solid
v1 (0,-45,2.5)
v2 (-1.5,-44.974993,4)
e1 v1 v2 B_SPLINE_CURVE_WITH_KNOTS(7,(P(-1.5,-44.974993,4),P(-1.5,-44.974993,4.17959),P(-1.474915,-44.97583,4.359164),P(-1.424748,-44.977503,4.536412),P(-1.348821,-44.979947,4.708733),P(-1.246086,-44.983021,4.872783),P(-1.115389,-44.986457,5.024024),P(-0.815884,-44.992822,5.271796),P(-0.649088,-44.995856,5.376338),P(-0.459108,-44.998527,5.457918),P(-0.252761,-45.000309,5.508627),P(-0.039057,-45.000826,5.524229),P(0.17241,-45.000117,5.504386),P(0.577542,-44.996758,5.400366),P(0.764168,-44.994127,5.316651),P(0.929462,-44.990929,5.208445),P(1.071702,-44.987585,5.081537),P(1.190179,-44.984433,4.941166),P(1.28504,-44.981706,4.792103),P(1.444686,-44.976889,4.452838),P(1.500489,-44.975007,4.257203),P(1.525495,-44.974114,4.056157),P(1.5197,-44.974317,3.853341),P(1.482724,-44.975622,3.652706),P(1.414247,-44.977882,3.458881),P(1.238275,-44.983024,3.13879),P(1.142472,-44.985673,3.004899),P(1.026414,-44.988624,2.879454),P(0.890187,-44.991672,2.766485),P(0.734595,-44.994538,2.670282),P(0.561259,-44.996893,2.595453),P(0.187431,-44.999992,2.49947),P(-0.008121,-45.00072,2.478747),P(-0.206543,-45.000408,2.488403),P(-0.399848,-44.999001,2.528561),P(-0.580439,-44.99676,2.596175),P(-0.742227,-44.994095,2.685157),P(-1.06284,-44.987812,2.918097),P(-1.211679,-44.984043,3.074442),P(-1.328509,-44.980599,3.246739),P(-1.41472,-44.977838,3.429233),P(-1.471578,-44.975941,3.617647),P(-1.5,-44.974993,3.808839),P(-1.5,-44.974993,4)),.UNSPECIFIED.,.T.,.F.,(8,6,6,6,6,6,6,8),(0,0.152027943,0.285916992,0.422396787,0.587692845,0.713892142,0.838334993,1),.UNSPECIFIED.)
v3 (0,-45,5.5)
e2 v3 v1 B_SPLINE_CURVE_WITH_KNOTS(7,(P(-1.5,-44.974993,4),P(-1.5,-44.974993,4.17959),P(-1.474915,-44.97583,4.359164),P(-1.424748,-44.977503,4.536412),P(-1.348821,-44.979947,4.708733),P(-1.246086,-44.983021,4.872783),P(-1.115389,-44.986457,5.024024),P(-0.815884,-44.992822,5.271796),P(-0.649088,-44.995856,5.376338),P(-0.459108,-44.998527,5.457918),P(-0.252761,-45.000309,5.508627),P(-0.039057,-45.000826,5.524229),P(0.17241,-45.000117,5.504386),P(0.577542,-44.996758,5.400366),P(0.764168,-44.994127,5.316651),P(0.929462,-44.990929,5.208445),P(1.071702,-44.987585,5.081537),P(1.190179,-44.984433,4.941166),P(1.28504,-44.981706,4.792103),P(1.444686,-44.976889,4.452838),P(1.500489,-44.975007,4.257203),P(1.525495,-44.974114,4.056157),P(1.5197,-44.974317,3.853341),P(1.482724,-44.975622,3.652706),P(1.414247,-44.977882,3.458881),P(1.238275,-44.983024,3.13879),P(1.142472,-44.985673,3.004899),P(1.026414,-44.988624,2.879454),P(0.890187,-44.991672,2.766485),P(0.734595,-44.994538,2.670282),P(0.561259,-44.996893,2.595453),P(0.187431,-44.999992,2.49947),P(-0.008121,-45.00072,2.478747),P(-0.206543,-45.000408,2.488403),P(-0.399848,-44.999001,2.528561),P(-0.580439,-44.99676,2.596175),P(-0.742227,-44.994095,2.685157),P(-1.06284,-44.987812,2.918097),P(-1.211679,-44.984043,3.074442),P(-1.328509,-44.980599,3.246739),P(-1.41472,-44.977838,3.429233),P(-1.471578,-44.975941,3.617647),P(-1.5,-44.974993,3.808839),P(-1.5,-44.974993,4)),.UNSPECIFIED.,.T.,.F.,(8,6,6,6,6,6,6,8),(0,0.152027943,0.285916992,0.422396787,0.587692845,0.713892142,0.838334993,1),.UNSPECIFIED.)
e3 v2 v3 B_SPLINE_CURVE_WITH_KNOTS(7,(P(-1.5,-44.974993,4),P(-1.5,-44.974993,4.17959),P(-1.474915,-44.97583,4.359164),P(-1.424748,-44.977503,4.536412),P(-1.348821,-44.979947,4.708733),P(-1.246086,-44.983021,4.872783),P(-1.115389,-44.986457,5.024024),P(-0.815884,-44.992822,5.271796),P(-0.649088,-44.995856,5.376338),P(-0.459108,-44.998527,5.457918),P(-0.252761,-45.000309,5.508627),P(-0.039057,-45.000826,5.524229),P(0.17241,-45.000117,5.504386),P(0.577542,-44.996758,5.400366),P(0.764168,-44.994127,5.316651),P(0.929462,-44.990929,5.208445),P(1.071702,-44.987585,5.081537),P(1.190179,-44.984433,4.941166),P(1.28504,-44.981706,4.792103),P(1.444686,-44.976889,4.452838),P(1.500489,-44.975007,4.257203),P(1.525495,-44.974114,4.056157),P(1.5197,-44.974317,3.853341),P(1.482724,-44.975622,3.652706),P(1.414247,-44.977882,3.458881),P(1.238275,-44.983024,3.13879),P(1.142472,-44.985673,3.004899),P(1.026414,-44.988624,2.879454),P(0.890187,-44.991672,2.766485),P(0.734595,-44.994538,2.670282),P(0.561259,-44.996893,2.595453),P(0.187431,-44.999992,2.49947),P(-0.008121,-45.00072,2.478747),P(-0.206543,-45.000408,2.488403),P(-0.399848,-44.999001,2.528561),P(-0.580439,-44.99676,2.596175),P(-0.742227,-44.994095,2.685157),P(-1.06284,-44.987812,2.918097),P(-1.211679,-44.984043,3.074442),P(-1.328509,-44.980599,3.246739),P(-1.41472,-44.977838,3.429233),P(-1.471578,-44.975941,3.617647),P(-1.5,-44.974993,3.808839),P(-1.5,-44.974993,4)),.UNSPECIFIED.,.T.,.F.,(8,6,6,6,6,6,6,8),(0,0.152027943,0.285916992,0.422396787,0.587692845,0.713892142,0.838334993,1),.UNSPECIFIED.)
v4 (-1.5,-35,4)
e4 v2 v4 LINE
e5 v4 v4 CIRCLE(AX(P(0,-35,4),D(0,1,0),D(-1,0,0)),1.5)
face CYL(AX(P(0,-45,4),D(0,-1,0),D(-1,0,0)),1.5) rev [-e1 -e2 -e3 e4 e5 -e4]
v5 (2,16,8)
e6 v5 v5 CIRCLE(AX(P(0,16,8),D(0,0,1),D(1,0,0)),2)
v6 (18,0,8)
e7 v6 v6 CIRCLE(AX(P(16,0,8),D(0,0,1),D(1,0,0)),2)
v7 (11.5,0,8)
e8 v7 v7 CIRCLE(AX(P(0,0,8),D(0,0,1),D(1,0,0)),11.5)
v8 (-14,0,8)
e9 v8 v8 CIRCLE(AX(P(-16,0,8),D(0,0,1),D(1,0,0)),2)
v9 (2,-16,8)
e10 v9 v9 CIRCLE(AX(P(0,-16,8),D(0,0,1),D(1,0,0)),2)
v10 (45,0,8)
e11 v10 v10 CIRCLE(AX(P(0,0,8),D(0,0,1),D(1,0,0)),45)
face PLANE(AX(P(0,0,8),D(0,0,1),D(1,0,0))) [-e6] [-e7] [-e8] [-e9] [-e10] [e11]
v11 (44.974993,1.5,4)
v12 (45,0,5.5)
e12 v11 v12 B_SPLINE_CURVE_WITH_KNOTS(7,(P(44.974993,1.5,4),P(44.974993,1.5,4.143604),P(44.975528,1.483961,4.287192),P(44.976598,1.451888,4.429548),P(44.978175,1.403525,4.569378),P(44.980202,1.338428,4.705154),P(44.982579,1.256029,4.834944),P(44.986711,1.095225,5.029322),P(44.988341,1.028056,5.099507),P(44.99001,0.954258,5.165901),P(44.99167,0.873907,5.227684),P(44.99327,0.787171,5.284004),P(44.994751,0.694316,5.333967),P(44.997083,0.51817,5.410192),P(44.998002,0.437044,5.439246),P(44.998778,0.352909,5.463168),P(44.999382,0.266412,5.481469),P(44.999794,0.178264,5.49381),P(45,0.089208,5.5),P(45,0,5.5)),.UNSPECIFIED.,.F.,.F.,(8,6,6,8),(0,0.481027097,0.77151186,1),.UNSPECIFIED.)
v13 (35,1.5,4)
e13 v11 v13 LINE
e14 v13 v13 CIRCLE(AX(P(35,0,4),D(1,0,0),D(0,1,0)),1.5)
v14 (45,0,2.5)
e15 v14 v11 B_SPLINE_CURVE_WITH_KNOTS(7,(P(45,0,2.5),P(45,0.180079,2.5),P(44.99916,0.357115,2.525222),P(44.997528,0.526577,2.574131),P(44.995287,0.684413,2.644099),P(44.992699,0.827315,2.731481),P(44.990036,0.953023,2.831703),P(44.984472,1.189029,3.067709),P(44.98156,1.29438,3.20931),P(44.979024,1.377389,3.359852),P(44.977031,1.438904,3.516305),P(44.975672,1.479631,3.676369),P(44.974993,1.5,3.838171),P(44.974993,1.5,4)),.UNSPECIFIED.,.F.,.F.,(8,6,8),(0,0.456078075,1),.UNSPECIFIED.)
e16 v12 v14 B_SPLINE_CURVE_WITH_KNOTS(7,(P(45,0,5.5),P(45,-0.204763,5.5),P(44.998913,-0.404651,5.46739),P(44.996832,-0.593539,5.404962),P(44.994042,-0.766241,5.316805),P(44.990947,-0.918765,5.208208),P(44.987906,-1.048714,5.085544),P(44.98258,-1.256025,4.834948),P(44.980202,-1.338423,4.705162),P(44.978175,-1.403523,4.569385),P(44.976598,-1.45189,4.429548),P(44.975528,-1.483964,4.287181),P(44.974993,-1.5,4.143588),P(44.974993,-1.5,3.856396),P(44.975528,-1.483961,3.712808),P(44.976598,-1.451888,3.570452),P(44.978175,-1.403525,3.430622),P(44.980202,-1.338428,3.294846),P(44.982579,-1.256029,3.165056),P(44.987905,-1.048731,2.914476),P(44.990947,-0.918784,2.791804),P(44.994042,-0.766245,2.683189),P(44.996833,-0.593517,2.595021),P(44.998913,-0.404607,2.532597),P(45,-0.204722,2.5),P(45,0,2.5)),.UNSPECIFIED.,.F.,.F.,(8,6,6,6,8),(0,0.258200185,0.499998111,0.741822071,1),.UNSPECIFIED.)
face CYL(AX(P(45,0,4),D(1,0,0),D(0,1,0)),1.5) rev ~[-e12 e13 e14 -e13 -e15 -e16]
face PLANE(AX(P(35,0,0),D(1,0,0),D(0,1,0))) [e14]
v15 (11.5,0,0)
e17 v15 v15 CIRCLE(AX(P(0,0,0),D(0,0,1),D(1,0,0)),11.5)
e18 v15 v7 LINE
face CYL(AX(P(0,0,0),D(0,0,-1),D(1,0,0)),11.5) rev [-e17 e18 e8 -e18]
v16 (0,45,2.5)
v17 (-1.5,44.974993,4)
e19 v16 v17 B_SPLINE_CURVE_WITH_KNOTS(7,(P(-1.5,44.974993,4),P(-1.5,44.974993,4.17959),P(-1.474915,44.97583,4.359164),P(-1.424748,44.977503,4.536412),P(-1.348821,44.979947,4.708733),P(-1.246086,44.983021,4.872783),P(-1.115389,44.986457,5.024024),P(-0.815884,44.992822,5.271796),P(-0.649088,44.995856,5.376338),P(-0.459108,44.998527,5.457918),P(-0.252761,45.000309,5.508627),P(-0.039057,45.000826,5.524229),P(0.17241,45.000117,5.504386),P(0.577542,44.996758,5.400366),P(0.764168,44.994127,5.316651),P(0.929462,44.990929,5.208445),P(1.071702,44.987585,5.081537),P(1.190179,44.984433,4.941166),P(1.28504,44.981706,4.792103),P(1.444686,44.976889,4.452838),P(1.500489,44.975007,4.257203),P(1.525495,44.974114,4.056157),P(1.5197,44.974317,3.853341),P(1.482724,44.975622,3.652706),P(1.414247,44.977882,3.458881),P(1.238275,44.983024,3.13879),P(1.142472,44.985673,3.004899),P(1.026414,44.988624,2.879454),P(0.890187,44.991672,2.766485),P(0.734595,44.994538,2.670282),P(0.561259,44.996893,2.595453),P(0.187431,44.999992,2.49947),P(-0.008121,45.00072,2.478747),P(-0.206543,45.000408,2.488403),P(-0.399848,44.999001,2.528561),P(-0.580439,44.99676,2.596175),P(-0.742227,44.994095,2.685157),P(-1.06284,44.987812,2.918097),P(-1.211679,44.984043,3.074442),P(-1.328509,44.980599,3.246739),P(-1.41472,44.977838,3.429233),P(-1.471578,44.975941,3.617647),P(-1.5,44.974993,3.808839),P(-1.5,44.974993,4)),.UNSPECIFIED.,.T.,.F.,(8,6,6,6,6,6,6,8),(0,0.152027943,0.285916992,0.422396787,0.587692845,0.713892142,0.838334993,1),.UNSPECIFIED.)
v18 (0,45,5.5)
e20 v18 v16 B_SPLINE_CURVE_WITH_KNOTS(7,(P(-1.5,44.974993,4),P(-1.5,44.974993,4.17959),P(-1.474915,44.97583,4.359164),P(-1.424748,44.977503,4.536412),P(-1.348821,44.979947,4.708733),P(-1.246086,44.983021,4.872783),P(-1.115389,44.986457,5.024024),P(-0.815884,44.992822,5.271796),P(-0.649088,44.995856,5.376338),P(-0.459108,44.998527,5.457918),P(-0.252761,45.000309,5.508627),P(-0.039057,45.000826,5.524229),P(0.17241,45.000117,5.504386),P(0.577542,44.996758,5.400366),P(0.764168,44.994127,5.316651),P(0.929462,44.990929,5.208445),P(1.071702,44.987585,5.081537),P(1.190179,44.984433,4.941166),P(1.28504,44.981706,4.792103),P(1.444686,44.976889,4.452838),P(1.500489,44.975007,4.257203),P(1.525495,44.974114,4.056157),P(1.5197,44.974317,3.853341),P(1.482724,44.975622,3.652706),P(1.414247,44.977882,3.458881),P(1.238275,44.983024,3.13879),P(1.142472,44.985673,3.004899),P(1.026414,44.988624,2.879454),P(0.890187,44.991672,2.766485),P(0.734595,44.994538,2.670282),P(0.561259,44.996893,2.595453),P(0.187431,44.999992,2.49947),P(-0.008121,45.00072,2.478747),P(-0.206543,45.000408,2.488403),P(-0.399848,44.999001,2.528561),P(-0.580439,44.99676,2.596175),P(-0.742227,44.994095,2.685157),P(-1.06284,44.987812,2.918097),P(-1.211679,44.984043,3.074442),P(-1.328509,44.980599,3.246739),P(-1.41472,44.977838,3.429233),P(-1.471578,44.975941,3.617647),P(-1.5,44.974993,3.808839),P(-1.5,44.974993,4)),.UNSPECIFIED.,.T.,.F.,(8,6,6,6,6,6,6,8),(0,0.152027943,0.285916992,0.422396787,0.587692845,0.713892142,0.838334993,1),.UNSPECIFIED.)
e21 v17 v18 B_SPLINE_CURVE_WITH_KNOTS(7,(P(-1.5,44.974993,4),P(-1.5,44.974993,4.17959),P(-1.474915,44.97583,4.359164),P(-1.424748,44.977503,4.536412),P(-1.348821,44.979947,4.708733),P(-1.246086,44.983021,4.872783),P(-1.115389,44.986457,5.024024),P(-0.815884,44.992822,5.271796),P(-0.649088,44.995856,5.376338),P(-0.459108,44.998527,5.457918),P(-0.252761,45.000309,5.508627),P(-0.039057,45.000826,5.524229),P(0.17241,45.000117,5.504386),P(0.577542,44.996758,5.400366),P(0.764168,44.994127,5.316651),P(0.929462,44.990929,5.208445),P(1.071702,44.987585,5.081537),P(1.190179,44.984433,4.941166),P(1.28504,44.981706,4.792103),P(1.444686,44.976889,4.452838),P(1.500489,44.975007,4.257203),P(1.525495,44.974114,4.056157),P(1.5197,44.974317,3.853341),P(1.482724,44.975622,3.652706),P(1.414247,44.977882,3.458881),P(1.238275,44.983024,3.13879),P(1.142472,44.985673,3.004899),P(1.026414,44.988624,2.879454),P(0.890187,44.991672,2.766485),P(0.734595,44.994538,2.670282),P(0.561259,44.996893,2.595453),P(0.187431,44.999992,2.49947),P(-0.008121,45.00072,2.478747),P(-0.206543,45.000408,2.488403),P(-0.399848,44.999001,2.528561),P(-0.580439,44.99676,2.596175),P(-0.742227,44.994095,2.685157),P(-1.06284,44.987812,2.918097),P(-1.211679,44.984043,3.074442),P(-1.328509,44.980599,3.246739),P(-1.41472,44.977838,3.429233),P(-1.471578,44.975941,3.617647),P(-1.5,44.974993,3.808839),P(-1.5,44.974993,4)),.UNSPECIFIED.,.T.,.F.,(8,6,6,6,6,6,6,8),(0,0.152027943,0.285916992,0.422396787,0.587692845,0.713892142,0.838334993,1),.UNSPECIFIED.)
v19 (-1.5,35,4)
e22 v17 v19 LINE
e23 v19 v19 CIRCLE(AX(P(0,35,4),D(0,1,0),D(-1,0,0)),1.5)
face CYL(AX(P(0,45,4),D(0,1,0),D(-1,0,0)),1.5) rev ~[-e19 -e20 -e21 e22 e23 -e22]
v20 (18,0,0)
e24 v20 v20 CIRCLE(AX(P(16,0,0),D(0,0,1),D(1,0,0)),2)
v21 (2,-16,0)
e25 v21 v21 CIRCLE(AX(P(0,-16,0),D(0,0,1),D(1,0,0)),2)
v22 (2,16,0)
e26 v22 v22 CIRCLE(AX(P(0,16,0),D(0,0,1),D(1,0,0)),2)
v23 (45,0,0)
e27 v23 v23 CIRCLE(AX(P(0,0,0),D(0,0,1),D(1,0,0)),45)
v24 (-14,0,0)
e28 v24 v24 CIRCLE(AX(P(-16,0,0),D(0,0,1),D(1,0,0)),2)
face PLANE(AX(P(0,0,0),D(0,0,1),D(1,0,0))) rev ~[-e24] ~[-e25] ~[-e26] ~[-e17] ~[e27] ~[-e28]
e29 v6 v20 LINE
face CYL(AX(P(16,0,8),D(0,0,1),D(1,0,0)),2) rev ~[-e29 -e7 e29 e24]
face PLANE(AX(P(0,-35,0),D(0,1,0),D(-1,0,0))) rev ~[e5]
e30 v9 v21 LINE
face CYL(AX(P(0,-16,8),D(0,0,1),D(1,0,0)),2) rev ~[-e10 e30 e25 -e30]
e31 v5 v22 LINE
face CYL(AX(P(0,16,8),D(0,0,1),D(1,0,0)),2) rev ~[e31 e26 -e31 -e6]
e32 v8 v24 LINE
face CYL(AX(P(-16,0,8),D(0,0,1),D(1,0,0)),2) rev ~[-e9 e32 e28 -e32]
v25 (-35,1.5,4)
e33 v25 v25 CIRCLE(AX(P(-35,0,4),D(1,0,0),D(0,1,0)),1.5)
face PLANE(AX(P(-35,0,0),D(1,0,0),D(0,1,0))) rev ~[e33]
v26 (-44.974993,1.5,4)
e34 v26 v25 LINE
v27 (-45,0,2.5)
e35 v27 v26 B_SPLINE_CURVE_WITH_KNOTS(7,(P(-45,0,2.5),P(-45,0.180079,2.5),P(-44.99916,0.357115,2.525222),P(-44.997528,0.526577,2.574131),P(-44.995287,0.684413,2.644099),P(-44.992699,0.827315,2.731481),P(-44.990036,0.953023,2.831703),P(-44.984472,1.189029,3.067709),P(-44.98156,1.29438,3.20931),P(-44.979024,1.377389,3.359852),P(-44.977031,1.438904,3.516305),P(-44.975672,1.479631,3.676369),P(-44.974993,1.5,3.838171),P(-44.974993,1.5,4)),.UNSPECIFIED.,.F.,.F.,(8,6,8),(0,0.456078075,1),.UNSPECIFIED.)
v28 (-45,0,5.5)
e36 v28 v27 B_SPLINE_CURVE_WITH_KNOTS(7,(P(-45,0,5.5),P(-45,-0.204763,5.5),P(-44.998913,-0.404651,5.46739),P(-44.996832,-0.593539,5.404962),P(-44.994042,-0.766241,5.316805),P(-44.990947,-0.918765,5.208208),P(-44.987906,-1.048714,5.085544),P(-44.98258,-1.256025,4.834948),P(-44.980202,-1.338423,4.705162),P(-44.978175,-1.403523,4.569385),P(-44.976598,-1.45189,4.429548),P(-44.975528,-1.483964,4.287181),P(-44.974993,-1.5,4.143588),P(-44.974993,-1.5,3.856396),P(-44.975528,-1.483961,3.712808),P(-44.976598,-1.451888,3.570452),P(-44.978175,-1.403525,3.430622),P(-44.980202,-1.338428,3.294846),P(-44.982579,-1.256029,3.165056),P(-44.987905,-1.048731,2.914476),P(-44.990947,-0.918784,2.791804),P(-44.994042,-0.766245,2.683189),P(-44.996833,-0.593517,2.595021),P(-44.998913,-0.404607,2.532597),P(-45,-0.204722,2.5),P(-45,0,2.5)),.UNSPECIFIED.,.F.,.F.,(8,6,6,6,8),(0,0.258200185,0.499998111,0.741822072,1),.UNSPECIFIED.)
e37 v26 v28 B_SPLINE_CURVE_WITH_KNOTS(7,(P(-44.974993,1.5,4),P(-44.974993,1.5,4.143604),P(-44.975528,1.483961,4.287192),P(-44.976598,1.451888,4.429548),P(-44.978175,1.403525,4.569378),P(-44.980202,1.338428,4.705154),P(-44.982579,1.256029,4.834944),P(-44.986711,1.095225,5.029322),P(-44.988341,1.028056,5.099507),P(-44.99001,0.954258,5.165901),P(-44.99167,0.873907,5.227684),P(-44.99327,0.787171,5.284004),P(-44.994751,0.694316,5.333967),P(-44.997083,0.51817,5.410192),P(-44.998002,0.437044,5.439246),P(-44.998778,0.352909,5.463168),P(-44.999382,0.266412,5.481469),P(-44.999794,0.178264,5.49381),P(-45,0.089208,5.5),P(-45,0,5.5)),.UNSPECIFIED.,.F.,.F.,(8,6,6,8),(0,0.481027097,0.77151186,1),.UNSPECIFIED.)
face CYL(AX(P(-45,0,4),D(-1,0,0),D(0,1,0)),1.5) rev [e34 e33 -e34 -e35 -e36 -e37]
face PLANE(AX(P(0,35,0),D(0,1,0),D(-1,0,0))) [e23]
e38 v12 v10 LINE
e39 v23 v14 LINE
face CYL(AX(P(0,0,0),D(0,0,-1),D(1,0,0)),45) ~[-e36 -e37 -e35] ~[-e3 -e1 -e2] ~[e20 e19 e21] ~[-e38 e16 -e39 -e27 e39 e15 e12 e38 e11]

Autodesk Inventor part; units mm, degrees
sketch "スケッチ1" plane through (0, 0, 0) normal (0, 0, 1) x (1, 0, 0)
  circle A0 centre (0, 0) radius 45
  circle A1 centre (0, 0) radius 11.5
  dimension "d0" = 90
  dimension "d1" = 23
extrude "押し出し1" add sketch "スケッチ1" along normal blind 8
sketch "スケッチ2" plane through (0, 0, 8) normal (0, 0, 1) x (1, 0, 0)
  line L0 (0, 0) -> (0, 16) construction
  circle A0 centre (0, 16) radius 2
  circle A1 centre (-16, 0) radius 2
  circle A2 centre (0, -16) radius 2
  circle A3 centre (16, 0) radius 2
  dimension "d4" = 16
  dimension "d5" = 4
  dimension "d8" = 360
extrude "押し出し2" cut sketch "スケッチ2" against normal blind 8
ref_plane "作業平面1" through (45, 0, 0) normal (1, 0, 0) x (0, 1, 0)
sketch "スケッチ3" plane through (45, 0, 0) normal (1, 0, 0) x (0, 1, 0)
  line L0 (0, 0) -> (0, 4) construction
  circle A0 centre (0, 4) radius 1.5
  dimension "d13" = 4
  dimension "d14" = 3
extrude "押し出し3" cut sketch "スケッチ3" against normal blind 10
ref_plane "作業平面2" through (-45, 0, 0) normal (1, 0, 0) x (0, 1, 0)
sketch "スケッチ4" plane through (-45, 0, 0) normal (1, 0, 0) x (0, 1, 0)
  line L0 (0, 0) -> (0, 4) construction
  circle A0 centre (0, 4) radius 1.5
  dimension "d20" = 4
  dimension "d21" = 3
extrude "押し出し4" cut sketch "スケッチ4" along normal blind 10
ref_plane "作業平面3" through (0, 45, 0) normal (0, 1, 0) x (-1, 0, 0)
sketch "スケッチ5" plane through (0, 45, 0) normal (0, 1, 0) x (-1, 0, 0)
  line L0 (0, 0) -> (0, 4) construction
  circle A0 centre (0, 4) radius 1.5
  dimension "d25" = 4
  dimension "d26" = 3
extrude "押し出し5" cut sketch "スケッチ5" against normal blind 10
ref_plane "作業平面4" through (0, -45, 0) normal (0, 1, 0) x (-1, 0, 0)
sketch "スケッチ6" plane through (0, -45, 0) normal (0, 1, 0) x (-1, 0, 0)
  line L0 (0, 0) -> (0, 4) construction
  circle A0 centre (0, 4) radius 1.5
  dimension "d30" = 4
  dimension "d31" = 3
extrude "押し出し6" cut sketch "スケッチ6" along normal blind 10
thread "ねじ2" size "M3x0.5" class "6H" standard "ANSI Metric M Profile" full length
thread "ねじ3" size "M3x0.5" class "6H" standard "ANSI Metric M Profile" full length
thread "ねじ4" size "M3x0.5" class "6H" standard "ANSI Metric M Profile" full length
thread "ねじ5" size "M3x0.5" class "6H" standard "ANSI Metric M Profile" full length
thread "ねじ10" size "M4x0.7" class "6H" standard "ANSI Metric M Profile" full length
thread "ねじ11" size "M4x0.7" class "6H" standard "ANSI Metric M Profile" full length
thread "ねじ12" size "M4x0.7" class "6H" standard "ANSI Metric M Profile" full length
thread "ねじ13" size "M4x0.7" class "6H" standard "ANSI Metric M Profile" full length
properties part number "Bottom1"
